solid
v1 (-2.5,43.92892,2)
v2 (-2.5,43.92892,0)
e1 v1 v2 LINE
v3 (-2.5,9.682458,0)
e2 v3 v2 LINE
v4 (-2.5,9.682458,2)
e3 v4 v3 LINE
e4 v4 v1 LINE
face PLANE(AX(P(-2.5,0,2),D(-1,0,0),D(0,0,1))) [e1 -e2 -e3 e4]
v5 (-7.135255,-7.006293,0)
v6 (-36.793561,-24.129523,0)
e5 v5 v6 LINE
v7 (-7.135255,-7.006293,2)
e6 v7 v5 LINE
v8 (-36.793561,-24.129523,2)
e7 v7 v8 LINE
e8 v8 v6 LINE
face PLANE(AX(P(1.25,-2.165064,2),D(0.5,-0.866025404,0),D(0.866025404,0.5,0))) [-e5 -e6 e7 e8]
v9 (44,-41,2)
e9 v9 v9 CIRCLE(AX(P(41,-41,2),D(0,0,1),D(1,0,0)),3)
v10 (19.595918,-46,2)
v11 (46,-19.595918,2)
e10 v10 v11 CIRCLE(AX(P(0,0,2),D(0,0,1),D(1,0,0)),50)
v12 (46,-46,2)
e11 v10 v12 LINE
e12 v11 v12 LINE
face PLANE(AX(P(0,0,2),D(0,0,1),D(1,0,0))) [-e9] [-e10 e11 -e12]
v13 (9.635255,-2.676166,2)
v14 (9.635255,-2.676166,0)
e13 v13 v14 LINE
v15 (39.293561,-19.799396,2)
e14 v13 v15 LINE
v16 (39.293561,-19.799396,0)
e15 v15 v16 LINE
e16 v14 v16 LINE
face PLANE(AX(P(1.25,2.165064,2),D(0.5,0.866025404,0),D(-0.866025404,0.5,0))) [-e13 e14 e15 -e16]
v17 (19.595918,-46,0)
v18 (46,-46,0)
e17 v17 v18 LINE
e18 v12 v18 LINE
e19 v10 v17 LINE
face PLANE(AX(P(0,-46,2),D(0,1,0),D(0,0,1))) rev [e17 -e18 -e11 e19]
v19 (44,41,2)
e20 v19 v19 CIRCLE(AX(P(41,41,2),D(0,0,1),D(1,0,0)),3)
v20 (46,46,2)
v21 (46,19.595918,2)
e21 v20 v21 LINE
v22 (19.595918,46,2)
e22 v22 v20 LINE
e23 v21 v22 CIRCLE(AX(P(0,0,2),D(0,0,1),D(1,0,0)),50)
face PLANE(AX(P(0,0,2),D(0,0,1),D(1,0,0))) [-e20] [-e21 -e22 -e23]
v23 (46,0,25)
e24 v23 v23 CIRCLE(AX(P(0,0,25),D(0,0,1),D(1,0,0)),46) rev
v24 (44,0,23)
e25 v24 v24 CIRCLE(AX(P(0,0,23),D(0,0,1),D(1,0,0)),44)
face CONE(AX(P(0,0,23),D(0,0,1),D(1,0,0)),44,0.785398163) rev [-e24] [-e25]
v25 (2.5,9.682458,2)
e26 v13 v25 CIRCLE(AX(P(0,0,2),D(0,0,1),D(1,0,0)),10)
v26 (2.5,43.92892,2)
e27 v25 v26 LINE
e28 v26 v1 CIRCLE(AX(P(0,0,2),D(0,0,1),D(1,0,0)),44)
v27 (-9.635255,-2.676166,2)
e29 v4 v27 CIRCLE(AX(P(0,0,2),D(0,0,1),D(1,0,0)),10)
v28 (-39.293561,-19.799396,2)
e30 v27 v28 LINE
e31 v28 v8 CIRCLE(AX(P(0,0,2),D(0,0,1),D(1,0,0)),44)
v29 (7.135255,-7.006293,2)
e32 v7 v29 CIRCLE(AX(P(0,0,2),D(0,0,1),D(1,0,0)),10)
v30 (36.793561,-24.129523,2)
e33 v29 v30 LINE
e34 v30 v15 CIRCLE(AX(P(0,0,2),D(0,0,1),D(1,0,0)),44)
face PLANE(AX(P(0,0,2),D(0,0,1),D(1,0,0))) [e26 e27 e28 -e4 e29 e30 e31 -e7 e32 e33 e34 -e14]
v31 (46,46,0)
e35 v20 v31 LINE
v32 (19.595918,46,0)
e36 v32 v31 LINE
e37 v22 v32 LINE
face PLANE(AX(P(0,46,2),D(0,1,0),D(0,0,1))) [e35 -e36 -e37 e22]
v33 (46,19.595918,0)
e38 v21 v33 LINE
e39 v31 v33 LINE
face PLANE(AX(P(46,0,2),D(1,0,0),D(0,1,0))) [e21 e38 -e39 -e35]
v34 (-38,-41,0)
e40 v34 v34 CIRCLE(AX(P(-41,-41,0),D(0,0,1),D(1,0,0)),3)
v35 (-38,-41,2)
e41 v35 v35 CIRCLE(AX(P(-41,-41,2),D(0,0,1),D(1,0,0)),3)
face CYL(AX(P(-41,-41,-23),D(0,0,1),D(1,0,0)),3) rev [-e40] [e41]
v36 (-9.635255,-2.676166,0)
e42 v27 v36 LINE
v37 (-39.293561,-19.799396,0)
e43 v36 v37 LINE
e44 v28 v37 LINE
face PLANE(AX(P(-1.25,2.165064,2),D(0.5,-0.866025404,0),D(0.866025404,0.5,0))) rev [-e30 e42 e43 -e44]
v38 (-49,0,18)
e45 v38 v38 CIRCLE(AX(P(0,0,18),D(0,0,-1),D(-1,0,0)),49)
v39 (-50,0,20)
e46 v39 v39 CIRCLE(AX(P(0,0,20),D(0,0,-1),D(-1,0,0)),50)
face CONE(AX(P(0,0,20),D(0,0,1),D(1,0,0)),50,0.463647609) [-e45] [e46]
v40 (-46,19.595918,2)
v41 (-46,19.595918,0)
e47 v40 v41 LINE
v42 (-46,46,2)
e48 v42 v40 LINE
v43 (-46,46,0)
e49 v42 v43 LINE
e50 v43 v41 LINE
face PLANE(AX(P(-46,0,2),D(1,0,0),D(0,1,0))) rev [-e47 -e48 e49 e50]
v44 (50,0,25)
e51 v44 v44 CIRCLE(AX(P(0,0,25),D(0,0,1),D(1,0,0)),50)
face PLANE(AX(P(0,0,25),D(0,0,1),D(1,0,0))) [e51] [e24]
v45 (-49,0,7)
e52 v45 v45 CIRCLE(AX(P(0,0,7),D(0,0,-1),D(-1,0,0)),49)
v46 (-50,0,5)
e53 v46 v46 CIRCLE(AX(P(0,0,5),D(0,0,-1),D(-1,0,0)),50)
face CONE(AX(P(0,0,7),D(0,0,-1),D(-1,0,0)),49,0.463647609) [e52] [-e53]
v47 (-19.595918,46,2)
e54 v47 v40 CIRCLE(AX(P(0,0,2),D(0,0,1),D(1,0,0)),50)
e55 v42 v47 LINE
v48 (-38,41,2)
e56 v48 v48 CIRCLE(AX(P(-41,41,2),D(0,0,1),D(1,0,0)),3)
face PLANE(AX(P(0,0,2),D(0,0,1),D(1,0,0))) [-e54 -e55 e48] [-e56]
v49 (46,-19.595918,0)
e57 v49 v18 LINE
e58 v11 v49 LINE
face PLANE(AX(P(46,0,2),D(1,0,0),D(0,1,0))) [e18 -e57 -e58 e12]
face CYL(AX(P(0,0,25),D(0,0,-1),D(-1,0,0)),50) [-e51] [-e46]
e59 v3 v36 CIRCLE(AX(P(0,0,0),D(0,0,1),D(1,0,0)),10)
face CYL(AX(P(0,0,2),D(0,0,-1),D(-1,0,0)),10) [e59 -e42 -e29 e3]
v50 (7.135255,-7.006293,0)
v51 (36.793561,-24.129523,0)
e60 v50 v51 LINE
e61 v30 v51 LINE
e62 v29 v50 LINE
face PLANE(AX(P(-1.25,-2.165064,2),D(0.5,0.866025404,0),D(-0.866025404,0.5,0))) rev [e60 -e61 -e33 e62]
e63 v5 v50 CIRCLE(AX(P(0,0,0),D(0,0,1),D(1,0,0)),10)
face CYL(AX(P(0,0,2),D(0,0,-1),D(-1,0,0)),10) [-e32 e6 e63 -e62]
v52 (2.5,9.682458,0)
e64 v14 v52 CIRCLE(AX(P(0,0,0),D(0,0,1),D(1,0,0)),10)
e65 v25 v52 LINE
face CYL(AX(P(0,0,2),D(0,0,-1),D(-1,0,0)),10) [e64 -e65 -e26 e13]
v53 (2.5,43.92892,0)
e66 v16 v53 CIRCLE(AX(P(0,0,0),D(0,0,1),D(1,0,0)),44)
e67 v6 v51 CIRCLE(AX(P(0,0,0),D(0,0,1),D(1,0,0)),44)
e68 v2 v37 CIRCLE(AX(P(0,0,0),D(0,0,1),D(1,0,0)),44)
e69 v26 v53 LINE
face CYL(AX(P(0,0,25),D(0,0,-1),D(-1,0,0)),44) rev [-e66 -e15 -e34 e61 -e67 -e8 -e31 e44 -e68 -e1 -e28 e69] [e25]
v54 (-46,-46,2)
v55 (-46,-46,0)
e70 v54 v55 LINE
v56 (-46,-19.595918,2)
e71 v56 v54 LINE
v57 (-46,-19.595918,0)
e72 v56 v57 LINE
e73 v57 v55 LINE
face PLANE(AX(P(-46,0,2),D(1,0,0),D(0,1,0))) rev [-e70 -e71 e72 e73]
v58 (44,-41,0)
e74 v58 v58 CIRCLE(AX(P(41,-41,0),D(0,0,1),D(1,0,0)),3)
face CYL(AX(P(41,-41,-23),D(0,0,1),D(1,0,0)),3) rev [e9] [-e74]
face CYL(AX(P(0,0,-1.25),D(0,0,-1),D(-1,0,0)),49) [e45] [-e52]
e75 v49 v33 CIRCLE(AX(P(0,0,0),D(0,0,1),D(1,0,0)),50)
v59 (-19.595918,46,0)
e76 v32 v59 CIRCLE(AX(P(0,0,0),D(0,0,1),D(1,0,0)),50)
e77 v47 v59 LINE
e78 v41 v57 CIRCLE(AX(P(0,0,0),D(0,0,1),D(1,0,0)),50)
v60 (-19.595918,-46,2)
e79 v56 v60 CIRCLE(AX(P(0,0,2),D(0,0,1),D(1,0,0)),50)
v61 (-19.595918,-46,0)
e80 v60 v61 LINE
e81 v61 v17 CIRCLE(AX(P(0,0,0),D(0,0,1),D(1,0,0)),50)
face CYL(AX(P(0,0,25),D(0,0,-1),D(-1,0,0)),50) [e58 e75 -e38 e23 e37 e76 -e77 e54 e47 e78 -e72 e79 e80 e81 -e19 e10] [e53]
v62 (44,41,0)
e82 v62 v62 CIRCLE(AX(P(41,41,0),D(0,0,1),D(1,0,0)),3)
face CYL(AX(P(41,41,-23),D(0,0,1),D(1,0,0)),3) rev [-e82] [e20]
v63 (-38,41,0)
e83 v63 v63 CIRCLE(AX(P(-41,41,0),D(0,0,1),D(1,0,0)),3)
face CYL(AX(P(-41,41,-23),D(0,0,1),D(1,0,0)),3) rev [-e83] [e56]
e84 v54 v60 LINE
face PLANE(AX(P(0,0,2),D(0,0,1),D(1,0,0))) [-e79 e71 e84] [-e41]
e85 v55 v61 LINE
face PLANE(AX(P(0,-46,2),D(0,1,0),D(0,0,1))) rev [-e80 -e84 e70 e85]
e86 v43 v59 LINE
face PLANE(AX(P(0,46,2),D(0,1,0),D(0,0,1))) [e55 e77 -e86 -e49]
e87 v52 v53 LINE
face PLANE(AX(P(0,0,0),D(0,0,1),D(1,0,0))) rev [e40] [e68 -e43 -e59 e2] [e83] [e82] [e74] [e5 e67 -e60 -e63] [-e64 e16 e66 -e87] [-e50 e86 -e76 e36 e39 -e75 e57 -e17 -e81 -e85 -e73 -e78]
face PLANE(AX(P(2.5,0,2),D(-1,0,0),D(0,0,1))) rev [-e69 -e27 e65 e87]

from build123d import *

# Parameters (mm, degrees)
SALIENTE_EXTRUIR2_DEPTH   = 2
SALIENTE_EXTRUIR2_2_DEPTH = 2
SALIENTE_EXTRUIR2_3_DEPTH = 2
SALIENTE_EXTRUIR2_4_DEPTH = 2
SALIENTE_EXTRUIR2_5_DEPTH = 2
SALIENTE_EXTRUIR3_DEPTH   = 25
CHAFL_N1_SIZE             = 2
CROQUIS3_R                = 3
CORTAR_EXTRUIR1_DEPTH     = 25


with BuildPart() as part:
    # Croquis1 → Saliente-Extruir2 (new body)
    with BuildSketch(Plane.XY):
        with BuildLine():
            ThreePointArc((-19.595917942, -46), (-35.355339059, -35.355339059), (-46, -19.595917942))
            Line((-46, -19.595917942), (-46, -46))
            Line((-46, -46), (-19.595917942, -46))
        make_face()
    extrude(amount=SALIENTE_EXTRUIR2_DEPTH)



with BuildPart() as body_2:
    # Croquis1 → Saliente-Extruir2 2 (new body)
    with BuildSketch(Plane.XY):
        with BuildLine():
            Line((-46, 46), (-46, 19.595917942))
            ThreePointArc((-46, 19.595917942), (-35.355339059, 35.355339059), (-19.595917942, 46))
            Line((-19.595917942, 46), (-46, 46))
        make_face()
    extrude(amount=SALIENTE_EXTRUIR2_2_DEPTH)


with BuildPart() as body_3:
    # Croquis1 → Saliente-Extruir2 3 (new body)
    with BuildSketch(Plane.XY):
        with BuildLine():
            ThreePointArc((46, -19.595917942), (35.355339059, -35.355339059), (19.595917942, -46))
            Line((19.595917942, -46), (46, -46))
            Line((46, -46), (46, -19.595917942))
        make_face()
    extrude(amount=SALIENTE_EXTRUIR2_3_DEPTH)


with BuildPart() as body_4:
    # Croquis1 → Saliente-Extruir2 4 (new body)
    with BuildSketch(Plane.XY):
        with BuildLine():
            Line((46, 46), (19.595917942, 46))
            ThreePointArc((19.595917942, 46), (35.355339059, 35.355339059), (46, 19.595917942))
            Line((46, 19.595917942), (46, 46))
        make_face()
    extrude(amount=SALIENTE_EXTRUIR2_4_DEPTH)


with BuildPart() as body_5:
    # Croquis1 → Saliente-Extruir2 5 (new body)
    with BuildSketch(Plane.XY):
        with BuildLine():
            Line((-2.5, 43.928919859), (-2.5, 9.682458366))
            ThreePointArc((-2.5, 9.682458366), (-8.660254038, 5), (-9.635254916, -2.676165673))
            Line((-9.635254916, -2.676165673), (-39.293560559, -19.79939642))
            ThreePointArc((-39.293560559, -19.79939642), (-38.105117767, -22), (-36.793560559, -24.129523439))
            Line((-36.793560559, -24.129523439), (-7.135254916, -7.006292692))
            ThreePointArc((-7.135254916, -7.006292692), (0, -10), (7.135254916, -7.006292692))
            Line((7.135254916, -7.006292692), (36.793560559, -24.129523439))
            ThreePointArc((36.793560559, -24.129523439), (38.105117767, -22), (39.293560559, -19.79939642))
            Line((39.293560559, -19.79939642), (9.635254916, -2.676165673))
            ThreePointArc((9.635254916, -2.676165673), (8.660254038, 5), (2.5, 9.682458366))
            Line((2.5, 9.682458366), (2.5, 43.928919859))
            ThreePointArc((2.5, 43.928919859), (0, 44), (-2.5, 43.928919859))
        make_face()
    extrude(amount=SALIENTE_EXTRUIR2_5_DEPTH)


with BuildPart() as part_1:
    add(part.part)

    add(body_2.part)  # Saliente-Extruir3 merges body 2

    add(body_3.part)  # Saliente-Extruir3 merges body 3

    add(body_4.part)  # Saliente-Extruir3 merges body 4

    add(body_5.part)  # Saliente-Extruir3 merges body 5
    # Croquis1<5> → Saliente-Extruir3 (add)
    with BuildSketch(Plane.XY):
        with BuildLine():
            ThreePointArc((-46, 19.595917942), (-50, 0), (-46, -19.595917942))
            ThreePointArc((-46, -19.595917942), (-35.355339059, -35.355339059), (-19.595917942, -46))
            ThreePointArc((-19.595917942, -46), (0, -50), (19.595917942, -46))
            ThreePointArc((19.595917942, -46), (35.355339059, -35.355339059), (46, -19.595917942))
            ThreePointArc((46, -19.595917942), (48.989794856, -10), (50, 0))
            ThreePointArc((50, 0), (48.989794856, 10), (46, 19.595917942))
            ThreePointArc((46, 19.595917942), (35.355339059, 35.355339059), (19.595917942, 46))
            ThreePointArc((19.595917942, 46), (0, 50), (-19.595917942, 46))
            ThreePointArc((-19.595917942, 46), (-35.355339059, 35.355339059), (-46, 19.595917942))
        make_face()
        with BuildLine():
            ThreePointArc((-39.293560559, -19.79939642), (-38.105117767, 22), (-2.5, 43.928919859))
            ThreePointArc((-2.5, 43.928919859), (0, 44), (2.5, 43.928919859))
            ThreePointArc((2.5, 43.928919859), (31.984371183, 30.215889859), (44, 0))
            ThreePointArc((44, 0), (42.807222899, -10.175542625), (39.293560559, -19.79939642))
            ThreePointArc((39.293560559, -19.79939642), (38.105117767, -22), (36.793560559, -24.129523439))
            ThreePointArc((36.793560559, -24.129523439), (0, -44), (-36.793560559, -24.129523439))
            ThreePointArc((-36.793560559, -24.129523439), (-38.105117767, -22), (-39.293560559, -19.79939642))
        make_face(mode=Mode.SUBTRACT)
    extrude(amount=SALIENTE_EXTRUIR3_DEPTH)

    # Croquis2 → Cortar-Revolución1 (revolve, cut)
    with BuildSketch(Plane(origin=(0, 0, 0), x_dir=(0, 0, -1), z_dir=(1, 0, 0))):
        Polygon((-5, 50), (-20, 50), (-18, 49), (-7, 49), align=None)
    revolve(axis=Axis((0, 0, -1.25), (0, 0, 1)), mode=Mode.SUBTRACT)

    # Chaflán1
    chafl_n1_edges = [part_1.edges().sort_by_distance(p)[0] for p in [
        (36.793560559, 24.129523439, 25),
    ]]
    chamfer(chafl_n1_edges, length=CHAFL_N1_SIZE)

    # Croquis3 → Cortar-Extruir1 (cut)
    with BuildSketch(Plane.XY.offset(2)):
        with Locations((-41, 41)):
            Circle(CROQUIS3_R)
        with Locations((-41, -41)):
            Circle(CROQUIS3_R)
        with Locations((41, 41)):
            Circle(CROQUIS3_R)
        with Locations((41, -41)):
            Circle(CROQUIS3_R)
    extrude(amount=-CORTAR_EXTRUIR1_DEPTH, mode=Mode.SUBTRACT)


solid = part_1.part
